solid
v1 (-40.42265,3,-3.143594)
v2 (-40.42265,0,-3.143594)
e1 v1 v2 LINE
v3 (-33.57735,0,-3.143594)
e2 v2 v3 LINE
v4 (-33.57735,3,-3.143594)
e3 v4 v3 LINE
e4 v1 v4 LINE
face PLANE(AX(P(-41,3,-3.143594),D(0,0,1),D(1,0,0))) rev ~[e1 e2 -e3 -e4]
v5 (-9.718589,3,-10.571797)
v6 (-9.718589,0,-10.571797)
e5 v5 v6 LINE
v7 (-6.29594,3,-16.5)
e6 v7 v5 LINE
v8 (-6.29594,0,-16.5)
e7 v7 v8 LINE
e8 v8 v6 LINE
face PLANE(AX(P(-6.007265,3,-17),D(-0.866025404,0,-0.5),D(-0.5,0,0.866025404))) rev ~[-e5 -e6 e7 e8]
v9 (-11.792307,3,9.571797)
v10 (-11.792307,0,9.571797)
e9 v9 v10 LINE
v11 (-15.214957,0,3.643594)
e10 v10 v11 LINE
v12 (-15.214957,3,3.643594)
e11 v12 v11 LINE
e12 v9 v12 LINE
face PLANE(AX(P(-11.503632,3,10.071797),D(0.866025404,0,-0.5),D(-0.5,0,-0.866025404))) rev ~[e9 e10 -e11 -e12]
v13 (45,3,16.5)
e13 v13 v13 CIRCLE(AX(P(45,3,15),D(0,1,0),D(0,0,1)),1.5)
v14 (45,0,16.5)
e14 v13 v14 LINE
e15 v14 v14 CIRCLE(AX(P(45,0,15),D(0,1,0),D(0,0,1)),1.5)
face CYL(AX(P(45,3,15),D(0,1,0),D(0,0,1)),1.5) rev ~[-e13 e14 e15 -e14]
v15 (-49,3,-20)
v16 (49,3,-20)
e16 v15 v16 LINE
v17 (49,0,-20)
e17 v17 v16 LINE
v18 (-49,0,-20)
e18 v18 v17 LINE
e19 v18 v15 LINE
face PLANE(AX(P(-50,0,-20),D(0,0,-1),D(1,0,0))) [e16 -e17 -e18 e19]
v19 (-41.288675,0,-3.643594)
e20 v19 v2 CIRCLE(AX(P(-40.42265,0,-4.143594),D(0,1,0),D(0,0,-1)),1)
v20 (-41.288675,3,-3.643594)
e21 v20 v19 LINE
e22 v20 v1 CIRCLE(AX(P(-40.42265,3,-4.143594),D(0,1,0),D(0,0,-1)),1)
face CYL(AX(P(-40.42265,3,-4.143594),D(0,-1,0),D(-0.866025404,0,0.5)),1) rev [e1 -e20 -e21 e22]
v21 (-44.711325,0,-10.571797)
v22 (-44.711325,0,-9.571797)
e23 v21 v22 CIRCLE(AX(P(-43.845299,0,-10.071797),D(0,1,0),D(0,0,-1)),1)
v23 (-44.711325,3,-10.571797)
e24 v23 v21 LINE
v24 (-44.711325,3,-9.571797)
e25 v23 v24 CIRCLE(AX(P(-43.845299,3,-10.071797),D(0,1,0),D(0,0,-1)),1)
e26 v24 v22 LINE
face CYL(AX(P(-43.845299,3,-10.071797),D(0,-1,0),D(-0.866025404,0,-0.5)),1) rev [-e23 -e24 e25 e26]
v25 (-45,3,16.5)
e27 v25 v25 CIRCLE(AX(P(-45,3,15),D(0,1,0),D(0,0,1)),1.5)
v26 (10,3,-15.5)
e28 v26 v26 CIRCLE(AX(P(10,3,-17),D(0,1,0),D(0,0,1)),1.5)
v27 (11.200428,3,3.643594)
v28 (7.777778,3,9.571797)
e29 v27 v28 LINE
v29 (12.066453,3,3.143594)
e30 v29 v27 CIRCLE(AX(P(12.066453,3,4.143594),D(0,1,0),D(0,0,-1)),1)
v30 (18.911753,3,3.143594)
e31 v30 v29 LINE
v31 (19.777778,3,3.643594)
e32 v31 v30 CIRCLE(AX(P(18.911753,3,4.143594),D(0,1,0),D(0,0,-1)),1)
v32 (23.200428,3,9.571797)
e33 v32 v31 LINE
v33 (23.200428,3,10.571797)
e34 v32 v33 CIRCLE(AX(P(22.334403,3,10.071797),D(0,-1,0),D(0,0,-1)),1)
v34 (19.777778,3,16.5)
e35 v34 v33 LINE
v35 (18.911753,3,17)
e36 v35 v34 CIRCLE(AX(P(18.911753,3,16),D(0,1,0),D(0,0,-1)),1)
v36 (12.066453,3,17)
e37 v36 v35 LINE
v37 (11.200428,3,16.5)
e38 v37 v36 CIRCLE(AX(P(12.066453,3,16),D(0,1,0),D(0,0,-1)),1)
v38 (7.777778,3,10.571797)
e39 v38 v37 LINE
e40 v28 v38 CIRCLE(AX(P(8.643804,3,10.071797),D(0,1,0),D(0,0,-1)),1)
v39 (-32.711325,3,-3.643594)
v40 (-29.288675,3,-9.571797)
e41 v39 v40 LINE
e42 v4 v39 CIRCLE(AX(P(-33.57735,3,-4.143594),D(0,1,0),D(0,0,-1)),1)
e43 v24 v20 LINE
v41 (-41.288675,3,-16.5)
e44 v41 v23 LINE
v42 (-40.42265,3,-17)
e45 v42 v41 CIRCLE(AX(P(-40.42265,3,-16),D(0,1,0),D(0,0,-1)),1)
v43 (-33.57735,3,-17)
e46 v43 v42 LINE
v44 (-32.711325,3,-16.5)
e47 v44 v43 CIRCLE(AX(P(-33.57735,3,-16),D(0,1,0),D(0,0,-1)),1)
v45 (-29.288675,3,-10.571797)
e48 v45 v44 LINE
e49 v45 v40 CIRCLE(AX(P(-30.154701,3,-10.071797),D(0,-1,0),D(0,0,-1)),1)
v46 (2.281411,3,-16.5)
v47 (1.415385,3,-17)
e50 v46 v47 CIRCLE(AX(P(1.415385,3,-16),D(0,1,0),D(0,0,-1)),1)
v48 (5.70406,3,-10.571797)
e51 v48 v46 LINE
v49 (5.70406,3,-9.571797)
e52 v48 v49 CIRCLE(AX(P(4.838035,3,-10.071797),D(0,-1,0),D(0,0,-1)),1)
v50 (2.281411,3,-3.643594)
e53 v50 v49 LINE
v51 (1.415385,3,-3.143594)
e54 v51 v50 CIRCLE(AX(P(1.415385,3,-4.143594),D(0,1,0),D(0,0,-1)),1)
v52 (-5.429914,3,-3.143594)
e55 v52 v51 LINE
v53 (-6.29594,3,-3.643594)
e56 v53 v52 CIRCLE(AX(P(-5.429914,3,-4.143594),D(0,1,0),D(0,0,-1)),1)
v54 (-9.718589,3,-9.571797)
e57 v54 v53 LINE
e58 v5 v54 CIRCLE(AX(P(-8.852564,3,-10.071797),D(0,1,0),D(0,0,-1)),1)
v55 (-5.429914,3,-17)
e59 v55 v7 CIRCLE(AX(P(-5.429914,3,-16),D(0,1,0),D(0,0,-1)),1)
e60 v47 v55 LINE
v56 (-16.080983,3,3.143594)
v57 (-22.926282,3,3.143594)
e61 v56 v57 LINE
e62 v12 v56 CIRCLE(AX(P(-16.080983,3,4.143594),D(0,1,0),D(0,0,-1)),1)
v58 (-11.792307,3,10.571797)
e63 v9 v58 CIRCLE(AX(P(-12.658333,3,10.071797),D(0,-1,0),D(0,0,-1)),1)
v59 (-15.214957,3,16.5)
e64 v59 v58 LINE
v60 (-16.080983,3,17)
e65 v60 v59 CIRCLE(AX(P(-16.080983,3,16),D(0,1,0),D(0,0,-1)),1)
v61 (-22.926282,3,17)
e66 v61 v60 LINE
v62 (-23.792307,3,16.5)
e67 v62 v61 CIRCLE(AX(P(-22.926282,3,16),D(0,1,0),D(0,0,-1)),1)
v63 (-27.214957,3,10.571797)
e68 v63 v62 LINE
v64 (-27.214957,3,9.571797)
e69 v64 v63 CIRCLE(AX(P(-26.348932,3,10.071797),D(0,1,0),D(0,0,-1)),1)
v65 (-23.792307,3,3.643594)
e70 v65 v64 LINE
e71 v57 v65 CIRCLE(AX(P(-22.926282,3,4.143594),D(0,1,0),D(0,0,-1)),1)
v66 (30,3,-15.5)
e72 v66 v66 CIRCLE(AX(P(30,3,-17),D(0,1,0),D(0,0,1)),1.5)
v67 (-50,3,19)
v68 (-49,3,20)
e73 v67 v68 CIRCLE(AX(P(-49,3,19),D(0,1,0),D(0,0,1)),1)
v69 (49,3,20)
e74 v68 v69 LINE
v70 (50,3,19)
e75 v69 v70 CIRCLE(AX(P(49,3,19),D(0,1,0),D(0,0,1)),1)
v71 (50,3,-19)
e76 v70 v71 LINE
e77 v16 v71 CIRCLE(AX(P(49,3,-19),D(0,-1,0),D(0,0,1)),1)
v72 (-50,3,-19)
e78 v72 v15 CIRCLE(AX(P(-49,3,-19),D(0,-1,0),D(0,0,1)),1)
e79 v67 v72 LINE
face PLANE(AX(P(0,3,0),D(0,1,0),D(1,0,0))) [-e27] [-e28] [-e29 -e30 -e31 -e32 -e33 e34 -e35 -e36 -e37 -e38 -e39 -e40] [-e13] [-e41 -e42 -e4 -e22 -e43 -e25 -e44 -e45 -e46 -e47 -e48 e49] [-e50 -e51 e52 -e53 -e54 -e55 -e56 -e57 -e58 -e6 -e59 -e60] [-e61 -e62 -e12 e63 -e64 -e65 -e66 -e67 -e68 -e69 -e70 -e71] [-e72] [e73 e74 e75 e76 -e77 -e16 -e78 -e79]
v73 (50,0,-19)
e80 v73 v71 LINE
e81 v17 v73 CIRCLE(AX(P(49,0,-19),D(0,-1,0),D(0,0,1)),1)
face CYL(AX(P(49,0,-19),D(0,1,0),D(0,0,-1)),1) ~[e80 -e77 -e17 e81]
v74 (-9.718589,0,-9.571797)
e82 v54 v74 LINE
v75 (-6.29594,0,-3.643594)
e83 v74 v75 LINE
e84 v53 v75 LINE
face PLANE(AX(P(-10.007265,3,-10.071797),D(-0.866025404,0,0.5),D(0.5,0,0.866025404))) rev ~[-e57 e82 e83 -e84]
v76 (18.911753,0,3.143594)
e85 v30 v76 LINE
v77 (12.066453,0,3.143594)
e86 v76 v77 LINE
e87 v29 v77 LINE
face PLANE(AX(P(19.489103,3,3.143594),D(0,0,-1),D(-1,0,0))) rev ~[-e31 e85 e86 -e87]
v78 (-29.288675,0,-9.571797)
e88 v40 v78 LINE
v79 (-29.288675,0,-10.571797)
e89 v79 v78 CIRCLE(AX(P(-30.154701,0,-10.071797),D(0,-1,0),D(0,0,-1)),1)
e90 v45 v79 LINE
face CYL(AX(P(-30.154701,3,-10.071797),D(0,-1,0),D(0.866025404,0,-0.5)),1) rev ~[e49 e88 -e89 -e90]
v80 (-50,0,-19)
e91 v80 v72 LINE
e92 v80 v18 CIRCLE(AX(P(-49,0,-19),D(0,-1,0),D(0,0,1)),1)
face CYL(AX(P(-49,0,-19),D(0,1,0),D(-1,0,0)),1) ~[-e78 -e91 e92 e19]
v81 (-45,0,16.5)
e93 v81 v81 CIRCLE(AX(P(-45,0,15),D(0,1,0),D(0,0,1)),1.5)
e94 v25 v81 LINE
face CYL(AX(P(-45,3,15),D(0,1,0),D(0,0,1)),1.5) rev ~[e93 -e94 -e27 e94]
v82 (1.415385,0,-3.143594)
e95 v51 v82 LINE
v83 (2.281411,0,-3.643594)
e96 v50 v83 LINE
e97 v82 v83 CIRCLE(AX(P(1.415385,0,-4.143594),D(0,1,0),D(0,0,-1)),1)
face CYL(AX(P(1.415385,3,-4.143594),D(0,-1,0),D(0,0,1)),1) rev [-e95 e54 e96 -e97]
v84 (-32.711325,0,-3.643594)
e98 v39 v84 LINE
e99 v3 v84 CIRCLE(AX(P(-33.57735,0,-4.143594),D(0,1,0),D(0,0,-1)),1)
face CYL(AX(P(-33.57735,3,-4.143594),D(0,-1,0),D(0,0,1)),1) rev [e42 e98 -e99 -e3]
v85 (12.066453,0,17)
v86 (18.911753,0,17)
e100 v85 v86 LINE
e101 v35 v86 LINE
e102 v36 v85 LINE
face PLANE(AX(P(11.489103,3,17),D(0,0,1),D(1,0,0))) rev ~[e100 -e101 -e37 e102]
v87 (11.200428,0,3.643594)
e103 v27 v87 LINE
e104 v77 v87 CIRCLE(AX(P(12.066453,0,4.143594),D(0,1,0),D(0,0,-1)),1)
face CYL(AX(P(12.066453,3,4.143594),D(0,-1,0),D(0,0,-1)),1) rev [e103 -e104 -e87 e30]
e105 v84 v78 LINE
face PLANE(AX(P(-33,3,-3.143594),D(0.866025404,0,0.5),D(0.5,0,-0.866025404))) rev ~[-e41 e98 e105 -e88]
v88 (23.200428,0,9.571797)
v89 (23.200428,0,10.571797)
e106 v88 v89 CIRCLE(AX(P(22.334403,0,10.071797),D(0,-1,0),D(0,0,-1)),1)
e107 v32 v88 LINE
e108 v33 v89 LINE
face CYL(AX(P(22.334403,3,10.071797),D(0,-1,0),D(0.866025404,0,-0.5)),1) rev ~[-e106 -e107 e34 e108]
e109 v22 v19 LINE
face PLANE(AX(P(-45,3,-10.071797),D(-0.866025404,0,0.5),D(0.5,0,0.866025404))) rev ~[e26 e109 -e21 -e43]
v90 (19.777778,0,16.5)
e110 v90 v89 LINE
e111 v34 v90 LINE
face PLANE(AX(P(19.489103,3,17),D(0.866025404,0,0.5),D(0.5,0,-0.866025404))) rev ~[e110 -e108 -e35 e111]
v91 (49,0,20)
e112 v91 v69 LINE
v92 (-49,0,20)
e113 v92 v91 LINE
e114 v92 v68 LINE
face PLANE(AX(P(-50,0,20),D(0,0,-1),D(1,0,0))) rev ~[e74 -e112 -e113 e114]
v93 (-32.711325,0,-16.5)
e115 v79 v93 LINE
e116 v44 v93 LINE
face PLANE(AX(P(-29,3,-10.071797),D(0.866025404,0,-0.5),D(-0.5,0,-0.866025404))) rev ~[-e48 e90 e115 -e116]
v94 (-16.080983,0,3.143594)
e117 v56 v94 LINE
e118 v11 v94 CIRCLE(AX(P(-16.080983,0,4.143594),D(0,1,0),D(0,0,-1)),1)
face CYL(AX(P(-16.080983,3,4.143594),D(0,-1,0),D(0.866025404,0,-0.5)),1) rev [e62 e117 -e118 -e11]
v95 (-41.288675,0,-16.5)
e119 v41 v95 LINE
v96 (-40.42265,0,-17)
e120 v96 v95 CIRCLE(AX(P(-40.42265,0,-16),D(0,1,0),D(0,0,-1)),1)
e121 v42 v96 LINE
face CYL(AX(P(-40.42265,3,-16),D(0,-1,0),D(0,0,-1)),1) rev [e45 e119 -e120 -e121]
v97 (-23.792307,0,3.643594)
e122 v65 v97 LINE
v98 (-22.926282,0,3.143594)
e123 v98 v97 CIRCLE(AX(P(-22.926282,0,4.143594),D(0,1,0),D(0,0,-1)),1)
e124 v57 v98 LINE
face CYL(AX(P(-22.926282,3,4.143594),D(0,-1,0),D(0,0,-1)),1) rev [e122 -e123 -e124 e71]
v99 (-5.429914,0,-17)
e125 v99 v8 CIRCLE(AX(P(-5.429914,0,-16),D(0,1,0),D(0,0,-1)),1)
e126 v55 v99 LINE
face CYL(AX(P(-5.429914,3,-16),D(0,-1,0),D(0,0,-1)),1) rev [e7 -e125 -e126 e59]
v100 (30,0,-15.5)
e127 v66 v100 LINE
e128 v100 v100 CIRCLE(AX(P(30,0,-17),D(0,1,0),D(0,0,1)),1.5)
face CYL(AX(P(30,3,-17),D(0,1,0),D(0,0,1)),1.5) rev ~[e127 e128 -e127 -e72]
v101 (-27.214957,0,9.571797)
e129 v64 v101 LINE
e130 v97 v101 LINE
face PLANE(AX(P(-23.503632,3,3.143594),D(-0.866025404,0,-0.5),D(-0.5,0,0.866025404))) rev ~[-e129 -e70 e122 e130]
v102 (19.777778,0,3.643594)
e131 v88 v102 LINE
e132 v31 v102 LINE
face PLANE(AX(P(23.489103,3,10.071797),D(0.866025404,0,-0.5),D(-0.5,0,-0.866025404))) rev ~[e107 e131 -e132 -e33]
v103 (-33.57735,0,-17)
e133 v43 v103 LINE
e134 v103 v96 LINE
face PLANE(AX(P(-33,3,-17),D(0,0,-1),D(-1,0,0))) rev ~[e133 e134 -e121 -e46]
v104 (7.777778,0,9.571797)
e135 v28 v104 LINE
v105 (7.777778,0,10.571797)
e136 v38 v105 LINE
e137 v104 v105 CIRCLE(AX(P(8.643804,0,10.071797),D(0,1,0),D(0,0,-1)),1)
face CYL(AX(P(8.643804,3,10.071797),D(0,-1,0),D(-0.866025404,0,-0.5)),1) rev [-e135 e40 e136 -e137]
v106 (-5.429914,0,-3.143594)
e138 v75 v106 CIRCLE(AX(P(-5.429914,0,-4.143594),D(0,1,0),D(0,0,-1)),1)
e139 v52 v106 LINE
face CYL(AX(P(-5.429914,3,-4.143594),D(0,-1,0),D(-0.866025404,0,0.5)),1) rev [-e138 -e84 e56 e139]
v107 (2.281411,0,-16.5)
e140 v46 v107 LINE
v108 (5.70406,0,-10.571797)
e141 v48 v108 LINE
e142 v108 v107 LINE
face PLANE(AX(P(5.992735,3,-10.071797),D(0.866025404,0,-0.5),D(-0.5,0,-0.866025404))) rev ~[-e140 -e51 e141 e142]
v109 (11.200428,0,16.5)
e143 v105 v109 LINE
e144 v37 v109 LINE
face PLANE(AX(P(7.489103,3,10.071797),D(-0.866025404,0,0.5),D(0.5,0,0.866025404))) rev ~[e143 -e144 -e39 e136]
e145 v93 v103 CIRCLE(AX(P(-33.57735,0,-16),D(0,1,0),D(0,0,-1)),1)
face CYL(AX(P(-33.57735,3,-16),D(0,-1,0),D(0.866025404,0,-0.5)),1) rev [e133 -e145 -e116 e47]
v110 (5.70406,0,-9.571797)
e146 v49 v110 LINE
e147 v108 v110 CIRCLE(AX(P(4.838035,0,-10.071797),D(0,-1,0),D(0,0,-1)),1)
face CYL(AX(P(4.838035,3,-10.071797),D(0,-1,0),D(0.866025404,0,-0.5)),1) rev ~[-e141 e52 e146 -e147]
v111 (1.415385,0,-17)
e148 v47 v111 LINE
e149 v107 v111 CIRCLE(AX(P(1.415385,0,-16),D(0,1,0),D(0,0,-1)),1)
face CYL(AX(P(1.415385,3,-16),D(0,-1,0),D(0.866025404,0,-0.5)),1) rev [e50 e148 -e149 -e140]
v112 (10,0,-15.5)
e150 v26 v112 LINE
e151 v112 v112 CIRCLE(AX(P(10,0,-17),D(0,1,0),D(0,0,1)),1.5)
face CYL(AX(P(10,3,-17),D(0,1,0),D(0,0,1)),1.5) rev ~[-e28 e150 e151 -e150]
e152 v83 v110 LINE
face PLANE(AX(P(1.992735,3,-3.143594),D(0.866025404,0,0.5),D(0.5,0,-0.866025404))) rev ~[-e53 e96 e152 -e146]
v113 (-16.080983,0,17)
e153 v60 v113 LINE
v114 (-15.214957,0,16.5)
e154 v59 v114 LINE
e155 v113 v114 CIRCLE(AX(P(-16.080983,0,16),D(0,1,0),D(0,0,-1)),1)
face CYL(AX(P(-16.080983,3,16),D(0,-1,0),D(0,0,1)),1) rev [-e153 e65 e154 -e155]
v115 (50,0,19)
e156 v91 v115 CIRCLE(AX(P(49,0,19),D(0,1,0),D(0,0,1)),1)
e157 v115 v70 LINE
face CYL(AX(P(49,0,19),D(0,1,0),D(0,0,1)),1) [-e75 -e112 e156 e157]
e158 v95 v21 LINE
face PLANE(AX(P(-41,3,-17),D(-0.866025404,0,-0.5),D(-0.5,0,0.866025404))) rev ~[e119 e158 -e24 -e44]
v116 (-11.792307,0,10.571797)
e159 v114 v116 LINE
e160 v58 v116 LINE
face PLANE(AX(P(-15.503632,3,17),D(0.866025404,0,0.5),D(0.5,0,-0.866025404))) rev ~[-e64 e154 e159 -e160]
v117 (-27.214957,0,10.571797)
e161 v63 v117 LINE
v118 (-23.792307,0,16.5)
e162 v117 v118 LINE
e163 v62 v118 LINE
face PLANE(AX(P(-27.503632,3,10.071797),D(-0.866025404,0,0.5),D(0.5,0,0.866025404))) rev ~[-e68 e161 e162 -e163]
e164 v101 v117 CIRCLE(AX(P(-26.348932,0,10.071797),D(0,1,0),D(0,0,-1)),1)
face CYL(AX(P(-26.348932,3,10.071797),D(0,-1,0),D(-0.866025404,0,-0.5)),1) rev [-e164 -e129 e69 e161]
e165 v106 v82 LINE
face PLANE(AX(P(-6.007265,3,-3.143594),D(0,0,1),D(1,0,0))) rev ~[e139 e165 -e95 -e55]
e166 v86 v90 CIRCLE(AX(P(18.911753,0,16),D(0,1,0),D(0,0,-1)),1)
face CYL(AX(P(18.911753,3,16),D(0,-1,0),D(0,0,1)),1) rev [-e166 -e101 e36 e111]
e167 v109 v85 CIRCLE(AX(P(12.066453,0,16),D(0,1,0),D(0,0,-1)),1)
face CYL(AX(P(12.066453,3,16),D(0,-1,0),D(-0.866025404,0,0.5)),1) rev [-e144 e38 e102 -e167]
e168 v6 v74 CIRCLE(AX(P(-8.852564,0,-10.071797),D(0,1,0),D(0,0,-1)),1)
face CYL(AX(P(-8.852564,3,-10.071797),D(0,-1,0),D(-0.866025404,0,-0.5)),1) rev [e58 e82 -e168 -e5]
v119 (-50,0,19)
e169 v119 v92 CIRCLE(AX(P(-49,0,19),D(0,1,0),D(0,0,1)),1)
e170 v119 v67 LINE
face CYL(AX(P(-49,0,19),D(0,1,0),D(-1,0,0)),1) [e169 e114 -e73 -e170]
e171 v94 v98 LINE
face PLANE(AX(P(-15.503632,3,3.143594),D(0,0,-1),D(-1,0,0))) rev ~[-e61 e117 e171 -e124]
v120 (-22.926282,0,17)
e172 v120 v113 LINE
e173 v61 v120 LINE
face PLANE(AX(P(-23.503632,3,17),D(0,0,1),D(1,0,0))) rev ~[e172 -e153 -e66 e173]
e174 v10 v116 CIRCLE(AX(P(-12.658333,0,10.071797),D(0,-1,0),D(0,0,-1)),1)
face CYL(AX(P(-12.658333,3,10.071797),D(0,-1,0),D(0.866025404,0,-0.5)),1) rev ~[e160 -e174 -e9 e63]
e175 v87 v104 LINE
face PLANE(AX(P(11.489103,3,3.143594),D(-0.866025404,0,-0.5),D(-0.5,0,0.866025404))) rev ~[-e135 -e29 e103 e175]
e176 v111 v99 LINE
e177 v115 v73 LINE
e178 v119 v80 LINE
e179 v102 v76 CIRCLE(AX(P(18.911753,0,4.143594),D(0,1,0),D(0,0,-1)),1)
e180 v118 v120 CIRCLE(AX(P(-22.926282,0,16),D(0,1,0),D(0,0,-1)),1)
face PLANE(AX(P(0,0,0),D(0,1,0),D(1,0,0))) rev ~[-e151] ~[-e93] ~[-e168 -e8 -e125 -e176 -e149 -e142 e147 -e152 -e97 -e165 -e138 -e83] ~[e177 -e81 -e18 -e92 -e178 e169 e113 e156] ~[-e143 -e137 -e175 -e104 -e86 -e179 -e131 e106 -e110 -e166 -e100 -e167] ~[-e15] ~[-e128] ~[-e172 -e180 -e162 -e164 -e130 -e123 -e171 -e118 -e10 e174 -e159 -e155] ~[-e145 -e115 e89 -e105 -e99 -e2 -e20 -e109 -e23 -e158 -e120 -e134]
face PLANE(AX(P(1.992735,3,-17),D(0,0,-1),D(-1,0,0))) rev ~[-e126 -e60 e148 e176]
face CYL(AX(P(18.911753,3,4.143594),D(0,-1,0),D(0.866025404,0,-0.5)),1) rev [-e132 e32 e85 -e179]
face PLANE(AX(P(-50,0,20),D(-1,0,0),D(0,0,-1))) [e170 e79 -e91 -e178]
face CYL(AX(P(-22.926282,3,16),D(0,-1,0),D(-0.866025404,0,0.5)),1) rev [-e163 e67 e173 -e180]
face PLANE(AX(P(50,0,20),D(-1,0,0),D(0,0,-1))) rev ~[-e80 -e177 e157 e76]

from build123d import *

# Parameters (mm, degrees)
SKETCH_1_W          = 100
SKETCH_1_H          = 40
EXTRUDE_1_DEPTH     = 3
SKETCH_2_R          = 1.5
CUT_EXTRUDE_1_DEPTH = 3
FILLET_1_R          = 1
CUT_EXTRUDE_2_DEPTH = 10
FILLET_2_R          = 1
SKETCH_4_R          = 1.5
CUT_EXTRUDE_3_DEPTH = 10


with BuildPart() as part:
    # 草图1 → 凸台-拉伸1 (new body)
    with BuildSketch(Plane(origin=(0, 0, 0), x_dir=(1, 0, 0), z_dir=(0, 1, 0))):
        Rectangle(SKETCH_1_W, SKETCH_1_H)
    extrude(amount=EXTRUDE_1_DEPTH)

    # 草图2 → 切除-拉伸1 (cut)
    with BuildSketch(Plane(origin=(0, 3, 0), x_dir=(1, 0, 0), z_dir=(0, 1, 0))):
        with Locations(Location((10, 17, 0), (0, 0, 270))):
            Circle(SKETCH_2_R)
        with Locations(Location((30, 17, 0), (0, 0, 270))):
            Circle(SKETCH_2_R)
    extrude(amount=-CUT_EXTRUDE_1_DEPTH, mode=Mode.SUBTRACT)

    # 圆角1
    fillet_1_edges = [part.edges().sort_by_distance(p)[0] for p in [
        (50, 1.5, 20),
        (-50, 1.5, 20),
        (-50, 1.5, -20),
        (50, 1.5, -20),
    ]]
    fillet(fillet_1_edges, radius=FILLET_1_R)

    # 草图3 → 切除-拉伸2 (cut)
    with BuildSketch(Plane(origin=(0, 3, 0), x_dir=(1, 0, 0), z_dir=(0, 1, 0))):
        Polygon((-29, 10.07179677), (-33, 17), (-41, 17), (-45, 10.07179677), (-41, 3.143593539), (-33, 3.143593539), align=None)
        Polygon((-11.503632276, -10.07179677), (-15.503632276, -3.143593539), (-23.503632276, -3.143593539), (-27.503632276, -10.07179677), (-23.503632276, -17), (-15.503632276, -17), align=None)
        Polygon((5.992735447, 10.07179677), (1.992735447, 17), (-6.007264553, 17), (-10.007264553, 10.07179677), (-6.007264553, 3.143593539), (1.992735447, 3.143593539), align=None)
        Polygon((23.489103171, -10.07179677), (19.489103171, -3.143593539), (11.489103171, -3.143593539), (7.489103171, -10.07179677), (11.489103171, -17), (19.489103171, -17), align=None)
    extrude(amount=-CUT_EXTRUDE_2_DEPTH, mode=Mode.SUBTRACT)

    # 圆角2
    fillet_2_edges = [part.edges().sort_by_distance(p)[0] for p in [
        (-11.503632276, 1.5, 10.07179677),
        (-15.503632276, 1.5, 17),
        (-23.503632276, 1.5, 17),
        (-27.503632276, 1.5, 10.07179677),
        (-23.503632276, 1.5, 3.143593539),
        (-15.503632276, 1.5, 3.143593539),
        (23.489103171, 1.5, 10.07179677),
        (19.489103171, 1.5, 17),
        (11.489103171, 1.5, 17),
        (7.489103171, 1.5, 10.07179677),
        (11.489103171, 1.5, 3.143593539),
        (19.489103171, 1.5, 3.143593539),
        (-29, 1.5, -10.07179677),
        (-33, 1.5, -3.143593539),
        (-41, 1.5, -3.143593539),
        (-45, 1.5, -10.07179677),
        (-41, 1.5, -17),
        (-33, 1.5, -17),
        (5.992735447, 1.5, -10.07179677),
        (1.992735447, 1.5, -3.143593539),
        (-6.007264553, 1.5, -3.143593539),
        (-10.007264553, 1.5, -10.07179677),
        (-6.007264553, 1.5, -17),
        (1.992735447, 1.5, -17),
    ]]
    fillet(fillet_2_edges, radius=FILLET_2_R)

    # 草图4 → 切除-拉伸3 (cut)
    with BuildSketch(Plane(origin=(0, 3, 0), x_dir=(1, 0, 0), z_dir=(0, 1, 0))):
        with Locations(Location((-45, -15, 0), (0, 0, 270))):
            Circle(SKETCH_4_R)
        with Locations(Location((45, -15, 0), (0, 0, 270))):
            Circle(SKETCH_4_R)
    extrude(amount=-CUT_EXTRUDE_3_DEPTH, mode=Mode.SUBTRACT)


solid = part.part
